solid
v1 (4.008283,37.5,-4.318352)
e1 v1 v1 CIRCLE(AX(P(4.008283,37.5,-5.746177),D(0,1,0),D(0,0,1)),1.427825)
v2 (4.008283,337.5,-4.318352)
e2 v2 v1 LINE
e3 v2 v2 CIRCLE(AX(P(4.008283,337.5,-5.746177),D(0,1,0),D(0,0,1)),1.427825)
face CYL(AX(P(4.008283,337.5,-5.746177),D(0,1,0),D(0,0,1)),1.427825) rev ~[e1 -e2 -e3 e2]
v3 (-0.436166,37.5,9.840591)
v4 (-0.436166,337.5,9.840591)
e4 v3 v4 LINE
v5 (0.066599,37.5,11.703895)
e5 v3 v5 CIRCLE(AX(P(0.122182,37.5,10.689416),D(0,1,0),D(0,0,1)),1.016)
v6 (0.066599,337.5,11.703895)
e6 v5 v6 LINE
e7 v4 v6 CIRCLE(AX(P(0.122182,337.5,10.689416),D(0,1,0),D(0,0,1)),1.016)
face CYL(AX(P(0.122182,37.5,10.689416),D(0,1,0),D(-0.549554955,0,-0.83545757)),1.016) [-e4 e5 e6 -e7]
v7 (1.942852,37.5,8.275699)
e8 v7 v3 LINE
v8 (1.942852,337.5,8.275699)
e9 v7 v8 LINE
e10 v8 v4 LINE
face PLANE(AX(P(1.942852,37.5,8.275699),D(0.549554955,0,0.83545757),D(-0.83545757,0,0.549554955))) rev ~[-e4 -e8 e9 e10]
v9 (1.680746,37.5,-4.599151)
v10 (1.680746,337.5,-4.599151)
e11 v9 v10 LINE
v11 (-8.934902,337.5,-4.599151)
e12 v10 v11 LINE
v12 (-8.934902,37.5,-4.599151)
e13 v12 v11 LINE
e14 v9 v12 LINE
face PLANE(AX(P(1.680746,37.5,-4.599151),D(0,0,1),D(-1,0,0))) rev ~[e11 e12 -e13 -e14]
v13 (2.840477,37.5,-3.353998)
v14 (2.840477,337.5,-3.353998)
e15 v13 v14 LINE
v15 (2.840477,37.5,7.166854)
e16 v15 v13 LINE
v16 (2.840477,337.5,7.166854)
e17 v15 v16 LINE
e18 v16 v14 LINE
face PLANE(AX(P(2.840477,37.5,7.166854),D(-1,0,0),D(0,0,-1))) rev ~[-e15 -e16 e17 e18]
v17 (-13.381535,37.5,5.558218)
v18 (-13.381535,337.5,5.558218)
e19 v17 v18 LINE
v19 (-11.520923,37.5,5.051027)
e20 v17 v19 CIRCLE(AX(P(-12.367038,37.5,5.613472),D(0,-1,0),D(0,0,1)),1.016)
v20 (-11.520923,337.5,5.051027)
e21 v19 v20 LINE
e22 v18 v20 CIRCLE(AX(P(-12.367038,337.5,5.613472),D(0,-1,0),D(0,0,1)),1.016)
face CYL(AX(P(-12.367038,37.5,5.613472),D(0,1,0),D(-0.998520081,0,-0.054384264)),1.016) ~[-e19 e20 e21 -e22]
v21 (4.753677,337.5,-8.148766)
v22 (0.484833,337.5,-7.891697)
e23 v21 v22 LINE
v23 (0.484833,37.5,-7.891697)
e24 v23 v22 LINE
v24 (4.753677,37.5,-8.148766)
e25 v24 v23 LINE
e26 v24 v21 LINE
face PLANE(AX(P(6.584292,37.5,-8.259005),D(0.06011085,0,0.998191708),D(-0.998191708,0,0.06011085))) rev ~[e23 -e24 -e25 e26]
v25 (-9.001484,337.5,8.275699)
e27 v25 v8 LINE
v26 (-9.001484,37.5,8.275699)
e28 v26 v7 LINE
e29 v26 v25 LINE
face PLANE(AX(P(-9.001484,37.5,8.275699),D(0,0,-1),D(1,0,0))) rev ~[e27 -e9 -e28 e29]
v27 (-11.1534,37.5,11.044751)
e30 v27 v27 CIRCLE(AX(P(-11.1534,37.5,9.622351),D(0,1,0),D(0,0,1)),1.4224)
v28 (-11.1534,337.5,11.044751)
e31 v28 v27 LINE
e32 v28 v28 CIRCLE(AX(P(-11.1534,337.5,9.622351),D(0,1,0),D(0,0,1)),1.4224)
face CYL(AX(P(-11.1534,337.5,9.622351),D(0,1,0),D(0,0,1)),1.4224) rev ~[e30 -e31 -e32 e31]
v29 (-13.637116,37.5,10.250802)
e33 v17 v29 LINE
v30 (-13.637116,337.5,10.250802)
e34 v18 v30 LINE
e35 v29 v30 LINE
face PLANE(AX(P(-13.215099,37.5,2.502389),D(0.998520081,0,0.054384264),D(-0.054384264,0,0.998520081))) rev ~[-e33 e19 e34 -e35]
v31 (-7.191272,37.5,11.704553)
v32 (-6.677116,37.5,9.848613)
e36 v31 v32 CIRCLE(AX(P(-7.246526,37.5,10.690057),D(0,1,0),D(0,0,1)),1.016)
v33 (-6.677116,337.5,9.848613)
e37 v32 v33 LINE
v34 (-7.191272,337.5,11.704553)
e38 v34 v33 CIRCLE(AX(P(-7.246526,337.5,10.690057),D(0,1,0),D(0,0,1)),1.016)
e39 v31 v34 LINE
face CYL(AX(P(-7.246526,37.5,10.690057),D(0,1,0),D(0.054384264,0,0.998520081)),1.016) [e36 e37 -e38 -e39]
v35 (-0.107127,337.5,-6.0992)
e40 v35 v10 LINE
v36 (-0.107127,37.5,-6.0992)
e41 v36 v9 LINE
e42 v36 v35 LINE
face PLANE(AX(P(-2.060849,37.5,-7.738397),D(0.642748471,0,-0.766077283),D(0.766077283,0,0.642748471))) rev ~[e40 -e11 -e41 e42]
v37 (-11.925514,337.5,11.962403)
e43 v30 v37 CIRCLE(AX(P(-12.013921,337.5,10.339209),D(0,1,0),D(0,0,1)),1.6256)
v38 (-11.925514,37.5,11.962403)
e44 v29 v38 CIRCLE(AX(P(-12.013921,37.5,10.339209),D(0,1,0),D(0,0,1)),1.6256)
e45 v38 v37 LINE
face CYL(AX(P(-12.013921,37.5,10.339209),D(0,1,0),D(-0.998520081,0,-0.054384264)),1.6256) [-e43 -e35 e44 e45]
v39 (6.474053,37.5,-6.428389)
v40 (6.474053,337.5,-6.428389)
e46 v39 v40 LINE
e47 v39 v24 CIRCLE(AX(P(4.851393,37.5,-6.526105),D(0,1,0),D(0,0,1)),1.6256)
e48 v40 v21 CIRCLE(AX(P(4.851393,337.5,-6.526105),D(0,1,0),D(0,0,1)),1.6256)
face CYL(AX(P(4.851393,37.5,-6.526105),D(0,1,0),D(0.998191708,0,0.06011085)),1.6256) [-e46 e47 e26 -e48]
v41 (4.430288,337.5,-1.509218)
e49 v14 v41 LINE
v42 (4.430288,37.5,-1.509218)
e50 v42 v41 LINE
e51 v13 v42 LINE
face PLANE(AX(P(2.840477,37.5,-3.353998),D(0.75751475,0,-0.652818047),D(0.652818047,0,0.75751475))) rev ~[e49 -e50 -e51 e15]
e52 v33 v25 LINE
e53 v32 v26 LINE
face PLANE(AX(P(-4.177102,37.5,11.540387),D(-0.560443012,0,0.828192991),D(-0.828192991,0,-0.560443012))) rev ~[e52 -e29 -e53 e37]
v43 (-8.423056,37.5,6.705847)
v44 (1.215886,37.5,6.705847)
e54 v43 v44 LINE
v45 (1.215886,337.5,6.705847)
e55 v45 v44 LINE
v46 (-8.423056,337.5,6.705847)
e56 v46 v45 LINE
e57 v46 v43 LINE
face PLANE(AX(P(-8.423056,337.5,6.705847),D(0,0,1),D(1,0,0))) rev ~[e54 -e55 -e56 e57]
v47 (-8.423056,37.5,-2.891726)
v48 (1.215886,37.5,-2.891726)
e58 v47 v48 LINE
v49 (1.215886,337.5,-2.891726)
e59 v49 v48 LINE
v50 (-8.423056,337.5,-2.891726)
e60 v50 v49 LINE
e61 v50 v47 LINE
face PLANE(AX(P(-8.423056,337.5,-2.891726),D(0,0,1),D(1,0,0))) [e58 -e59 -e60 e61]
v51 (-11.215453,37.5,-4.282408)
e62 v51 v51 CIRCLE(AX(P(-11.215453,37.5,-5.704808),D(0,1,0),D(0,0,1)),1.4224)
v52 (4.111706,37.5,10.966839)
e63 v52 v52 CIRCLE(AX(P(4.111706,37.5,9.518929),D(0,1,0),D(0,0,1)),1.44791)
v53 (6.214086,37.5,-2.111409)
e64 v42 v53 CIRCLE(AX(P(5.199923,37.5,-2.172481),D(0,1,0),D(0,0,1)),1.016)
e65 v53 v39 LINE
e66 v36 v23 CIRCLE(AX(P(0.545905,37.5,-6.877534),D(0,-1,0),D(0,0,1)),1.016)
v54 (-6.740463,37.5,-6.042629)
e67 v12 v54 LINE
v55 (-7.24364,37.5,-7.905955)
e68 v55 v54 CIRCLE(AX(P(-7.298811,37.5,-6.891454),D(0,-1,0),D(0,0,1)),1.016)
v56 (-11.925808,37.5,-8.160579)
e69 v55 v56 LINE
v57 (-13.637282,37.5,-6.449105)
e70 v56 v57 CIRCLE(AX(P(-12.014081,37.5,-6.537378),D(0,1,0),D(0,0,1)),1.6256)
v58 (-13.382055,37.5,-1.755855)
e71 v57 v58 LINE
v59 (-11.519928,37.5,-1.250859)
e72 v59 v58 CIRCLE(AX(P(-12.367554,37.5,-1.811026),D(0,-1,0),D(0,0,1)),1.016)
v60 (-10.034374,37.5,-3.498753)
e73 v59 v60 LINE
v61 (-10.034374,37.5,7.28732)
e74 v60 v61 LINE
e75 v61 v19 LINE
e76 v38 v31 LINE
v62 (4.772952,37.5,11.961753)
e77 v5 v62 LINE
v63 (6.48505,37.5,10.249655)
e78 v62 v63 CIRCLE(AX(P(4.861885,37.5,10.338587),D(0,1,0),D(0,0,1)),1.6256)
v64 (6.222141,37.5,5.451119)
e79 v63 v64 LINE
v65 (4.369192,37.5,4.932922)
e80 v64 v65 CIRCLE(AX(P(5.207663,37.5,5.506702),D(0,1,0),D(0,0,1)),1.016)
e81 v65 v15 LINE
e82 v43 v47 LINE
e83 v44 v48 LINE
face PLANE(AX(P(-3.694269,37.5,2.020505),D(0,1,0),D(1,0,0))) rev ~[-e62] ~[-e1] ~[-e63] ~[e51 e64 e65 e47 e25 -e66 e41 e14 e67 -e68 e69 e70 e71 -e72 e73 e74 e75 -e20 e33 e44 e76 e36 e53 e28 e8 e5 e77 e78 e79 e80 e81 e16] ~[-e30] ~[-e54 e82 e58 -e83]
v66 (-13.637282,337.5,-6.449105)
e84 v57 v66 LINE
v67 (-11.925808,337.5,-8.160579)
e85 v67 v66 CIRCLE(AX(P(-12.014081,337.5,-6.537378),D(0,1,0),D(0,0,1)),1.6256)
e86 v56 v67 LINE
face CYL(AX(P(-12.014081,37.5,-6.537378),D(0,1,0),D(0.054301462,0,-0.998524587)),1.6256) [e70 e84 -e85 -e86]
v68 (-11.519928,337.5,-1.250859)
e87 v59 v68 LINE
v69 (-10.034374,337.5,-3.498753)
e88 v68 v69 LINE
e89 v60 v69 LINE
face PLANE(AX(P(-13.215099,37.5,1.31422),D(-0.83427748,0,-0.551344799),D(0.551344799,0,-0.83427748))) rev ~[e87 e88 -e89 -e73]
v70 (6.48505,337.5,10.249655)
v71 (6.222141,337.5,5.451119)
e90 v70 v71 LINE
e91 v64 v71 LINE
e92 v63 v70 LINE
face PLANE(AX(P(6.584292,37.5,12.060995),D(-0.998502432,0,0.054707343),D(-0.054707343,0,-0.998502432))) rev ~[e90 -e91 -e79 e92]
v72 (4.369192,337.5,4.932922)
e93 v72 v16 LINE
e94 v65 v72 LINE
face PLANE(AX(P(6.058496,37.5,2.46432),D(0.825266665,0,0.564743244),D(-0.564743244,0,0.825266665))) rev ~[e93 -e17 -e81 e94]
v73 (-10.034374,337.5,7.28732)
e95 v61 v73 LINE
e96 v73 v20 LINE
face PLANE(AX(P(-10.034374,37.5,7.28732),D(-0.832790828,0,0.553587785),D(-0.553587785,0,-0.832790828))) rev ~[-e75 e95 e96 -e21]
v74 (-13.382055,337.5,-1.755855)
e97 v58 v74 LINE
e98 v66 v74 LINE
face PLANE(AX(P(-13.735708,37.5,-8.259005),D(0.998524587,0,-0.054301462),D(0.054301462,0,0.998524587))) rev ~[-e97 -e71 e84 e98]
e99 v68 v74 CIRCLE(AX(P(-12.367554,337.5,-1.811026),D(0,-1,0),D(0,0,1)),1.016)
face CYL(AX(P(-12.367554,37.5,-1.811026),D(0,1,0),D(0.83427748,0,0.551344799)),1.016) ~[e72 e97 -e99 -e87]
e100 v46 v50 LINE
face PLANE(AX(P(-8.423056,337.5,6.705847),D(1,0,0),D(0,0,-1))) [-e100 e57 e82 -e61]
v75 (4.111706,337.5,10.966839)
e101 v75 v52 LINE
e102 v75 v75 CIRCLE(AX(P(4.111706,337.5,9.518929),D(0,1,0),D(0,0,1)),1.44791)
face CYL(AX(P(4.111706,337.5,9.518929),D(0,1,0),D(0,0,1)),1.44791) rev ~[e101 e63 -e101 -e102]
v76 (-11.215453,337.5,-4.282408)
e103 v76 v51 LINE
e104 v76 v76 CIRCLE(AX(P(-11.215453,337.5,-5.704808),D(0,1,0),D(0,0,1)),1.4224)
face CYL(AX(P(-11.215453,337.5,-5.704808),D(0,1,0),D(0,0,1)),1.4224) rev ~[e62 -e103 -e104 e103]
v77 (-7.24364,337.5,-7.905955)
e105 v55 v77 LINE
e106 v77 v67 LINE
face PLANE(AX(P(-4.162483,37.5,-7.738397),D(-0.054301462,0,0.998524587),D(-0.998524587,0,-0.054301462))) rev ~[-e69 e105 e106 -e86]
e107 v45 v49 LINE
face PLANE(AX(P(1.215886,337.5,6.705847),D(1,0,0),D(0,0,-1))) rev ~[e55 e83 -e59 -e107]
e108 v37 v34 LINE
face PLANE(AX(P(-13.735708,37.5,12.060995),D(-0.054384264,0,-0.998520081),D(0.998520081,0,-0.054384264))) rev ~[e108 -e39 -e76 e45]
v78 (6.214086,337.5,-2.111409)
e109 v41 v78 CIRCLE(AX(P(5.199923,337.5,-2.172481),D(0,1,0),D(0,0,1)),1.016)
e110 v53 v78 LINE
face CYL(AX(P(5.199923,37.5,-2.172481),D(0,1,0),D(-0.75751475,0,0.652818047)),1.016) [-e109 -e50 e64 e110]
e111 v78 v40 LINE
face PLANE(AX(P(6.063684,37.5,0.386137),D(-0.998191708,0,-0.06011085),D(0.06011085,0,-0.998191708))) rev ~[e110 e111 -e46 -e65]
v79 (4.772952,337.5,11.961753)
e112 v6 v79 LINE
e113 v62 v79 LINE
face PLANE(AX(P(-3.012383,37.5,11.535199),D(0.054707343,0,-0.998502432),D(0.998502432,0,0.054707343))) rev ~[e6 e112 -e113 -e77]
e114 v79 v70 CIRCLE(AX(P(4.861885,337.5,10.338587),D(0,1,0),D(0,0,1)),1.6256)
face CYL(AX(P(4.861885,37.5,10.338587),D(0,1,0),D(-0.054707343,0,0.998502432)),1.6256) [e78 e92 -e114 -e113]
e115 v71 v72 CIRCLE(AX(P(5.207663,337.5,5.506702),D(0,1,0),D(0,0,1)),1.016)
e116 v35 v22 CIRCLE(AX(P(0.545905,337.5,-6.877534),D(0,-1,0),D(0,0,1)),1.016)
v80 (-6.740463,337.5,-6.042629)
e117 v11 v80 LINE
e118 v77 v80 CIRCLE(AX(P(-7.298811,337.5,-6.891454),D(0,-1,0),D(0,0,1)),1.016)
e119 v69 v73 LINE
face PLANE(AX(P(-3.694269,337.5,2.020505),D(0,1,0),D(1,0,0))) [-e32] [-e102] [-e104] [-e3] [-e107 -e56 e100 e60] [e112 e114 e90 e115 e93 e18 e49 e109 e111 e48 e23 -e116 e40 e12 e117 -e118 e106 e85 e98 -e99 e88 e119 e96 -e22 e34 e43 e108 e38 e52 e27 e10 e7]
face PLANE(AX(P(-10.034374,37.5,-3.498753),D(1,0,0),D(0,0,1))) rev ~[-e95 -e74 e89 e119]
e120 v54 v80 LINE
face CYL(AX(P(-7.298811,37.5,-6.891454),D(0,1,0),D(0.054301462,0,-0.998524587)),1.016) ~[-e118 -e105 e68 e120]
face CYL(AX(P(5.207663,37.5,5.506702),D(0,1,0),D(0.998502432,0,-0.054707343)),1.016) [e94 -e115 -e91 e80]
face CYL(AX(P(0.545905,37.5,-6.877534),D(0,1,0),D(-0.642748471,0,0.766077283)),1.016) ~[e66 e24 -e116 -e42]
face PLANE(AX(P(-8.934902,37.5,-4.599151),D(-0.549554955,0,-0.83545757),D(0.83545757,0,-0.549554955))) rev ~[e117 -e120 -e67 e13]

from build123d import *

# Parameters (mm, degrees)
BOSS_EXTRUDE1_DEPTH = 375
FILLET1_R           = 2.032
FILLET2_R           = 1.27
SKETCH5_W           = 12.048677603
SKETCH5_H           = 11.996966541
SKETCH5_R           = 1.809887194
SKETCH5_R_2         = 1.778
SKETCH5_R_3         = 1.784780941
CUT_EXTRUDE3_DEPTH  = 376.626052464
SCALE1_SCALE        = 0.8


with BuildPart() as part:
    # Sketch2 → Boss-Extrude1 (new body)
    with BuildSketch(Plane(origin=(0, 0, 0), x_dir=(1, 0, 0), z_dir=(0, 1, 0))):
        Polygon((-11.631944508, 4.856112595), (-11.631944508, -8.62647921), (-15.607851567, -2.645315933), (-16.258611825, -14.593573265), (-4.310354494, -13.942813006), (-10.340832945, -9.861953178), (3.339587632, -9.861953178), (-2.854456203, -13.936328227), (9.141388175, -14.593573265), (8.484143137, -2.597728887), (4.461618468, -8.47589662), (4.461618468, 4.675168062), (8.490627916, 0), (9.141388175, 10.806426735), (-1.66503856, 10.155666477), (3.011955341, 6.231609797), (-10.257604353, 6.231609797), (-4.292081103, 10.155666477), (-16.258611825, 10.806426735), (-15.607851567, -1.160103987), align=None)
    extrude(amount=BOSS_EXTRUDE1_DEPTH)

    # Fillet1
    fillet1_edges = [part.edges().sort_by_distance(p)[0] for p in [
        (9.141388175, 187.5, 14.593573265),
        (-16.258611825, 187.5, 14.593573265),
        (-16.258611825, 187.5, -10.806426735),
        (9.141388175, 187.5, -10.806426735),
    ]]
    fillet(fillet1_edges, radius=FILLET1_R)

    # Fillet2
    fillet2_edges = [part.edges().sort_by_distance(p)[0] for p in [
        (8.490627916, 187.5, 0),
        (8.484143137, 187.5, 2.597728887),
        (-2.854456203, 187.5, 13.936328227),
        (-4.310354494, 187.5, 13.942813006),
        (-15.607851567, 187.5, 2.645315933),
        (-15.607851567, 187.5, 1.160103987),
        (-4.292081103, 187.5, -10.155666477),
        (-1.66503856, 187.5, -10.155666477),
    ]]
    fillet(fillet2_edges, radius=FILLET2_R)

    # Sketch5 → Cut-Extrude3 (cut, through all)
    with BuildSketch(Plane(origin=(0, 375, 0), x_dir=(1, 0, 0), z_dir=(0, 1, 0))):
        with Locations((-3.593458736, -1.901154881)):
            Rectangle(SKETCH5_W, SKETCH5_H)
        with Locations(Location((6.050654454, -11.415990413, 0), (0, 0, 270))):
            Circle(SKETCH5_R)
        with Locations(Location((-13.030727673, -11.545268069, 0), (0, 0, 270))):
            Circle(SKETCH5_R_2)
        with Locations(Location((-13.108294267, 7.613680652, 0), (0, 0, 270))):
            Circle(SKETCH5_R_2)
        with Locations(Location((5.921376797, 7.665391714, 0), (0, 0, 270))):
            Circle(SKETCH5_R_3)
    extrude(amount=-CUT_EXTRUDE3_DEPTH, mode=Mode.SUBTRACT)


with BuildPart() as part_1:
    # Scale1: scaled about (-3.644090286, 187.5, 1.930683285)
    add(part.part.scale(SCALE1_SCALE).moved(Location((-0.728818057, 37.5, 0.386136657))))


solid = part_1.part
